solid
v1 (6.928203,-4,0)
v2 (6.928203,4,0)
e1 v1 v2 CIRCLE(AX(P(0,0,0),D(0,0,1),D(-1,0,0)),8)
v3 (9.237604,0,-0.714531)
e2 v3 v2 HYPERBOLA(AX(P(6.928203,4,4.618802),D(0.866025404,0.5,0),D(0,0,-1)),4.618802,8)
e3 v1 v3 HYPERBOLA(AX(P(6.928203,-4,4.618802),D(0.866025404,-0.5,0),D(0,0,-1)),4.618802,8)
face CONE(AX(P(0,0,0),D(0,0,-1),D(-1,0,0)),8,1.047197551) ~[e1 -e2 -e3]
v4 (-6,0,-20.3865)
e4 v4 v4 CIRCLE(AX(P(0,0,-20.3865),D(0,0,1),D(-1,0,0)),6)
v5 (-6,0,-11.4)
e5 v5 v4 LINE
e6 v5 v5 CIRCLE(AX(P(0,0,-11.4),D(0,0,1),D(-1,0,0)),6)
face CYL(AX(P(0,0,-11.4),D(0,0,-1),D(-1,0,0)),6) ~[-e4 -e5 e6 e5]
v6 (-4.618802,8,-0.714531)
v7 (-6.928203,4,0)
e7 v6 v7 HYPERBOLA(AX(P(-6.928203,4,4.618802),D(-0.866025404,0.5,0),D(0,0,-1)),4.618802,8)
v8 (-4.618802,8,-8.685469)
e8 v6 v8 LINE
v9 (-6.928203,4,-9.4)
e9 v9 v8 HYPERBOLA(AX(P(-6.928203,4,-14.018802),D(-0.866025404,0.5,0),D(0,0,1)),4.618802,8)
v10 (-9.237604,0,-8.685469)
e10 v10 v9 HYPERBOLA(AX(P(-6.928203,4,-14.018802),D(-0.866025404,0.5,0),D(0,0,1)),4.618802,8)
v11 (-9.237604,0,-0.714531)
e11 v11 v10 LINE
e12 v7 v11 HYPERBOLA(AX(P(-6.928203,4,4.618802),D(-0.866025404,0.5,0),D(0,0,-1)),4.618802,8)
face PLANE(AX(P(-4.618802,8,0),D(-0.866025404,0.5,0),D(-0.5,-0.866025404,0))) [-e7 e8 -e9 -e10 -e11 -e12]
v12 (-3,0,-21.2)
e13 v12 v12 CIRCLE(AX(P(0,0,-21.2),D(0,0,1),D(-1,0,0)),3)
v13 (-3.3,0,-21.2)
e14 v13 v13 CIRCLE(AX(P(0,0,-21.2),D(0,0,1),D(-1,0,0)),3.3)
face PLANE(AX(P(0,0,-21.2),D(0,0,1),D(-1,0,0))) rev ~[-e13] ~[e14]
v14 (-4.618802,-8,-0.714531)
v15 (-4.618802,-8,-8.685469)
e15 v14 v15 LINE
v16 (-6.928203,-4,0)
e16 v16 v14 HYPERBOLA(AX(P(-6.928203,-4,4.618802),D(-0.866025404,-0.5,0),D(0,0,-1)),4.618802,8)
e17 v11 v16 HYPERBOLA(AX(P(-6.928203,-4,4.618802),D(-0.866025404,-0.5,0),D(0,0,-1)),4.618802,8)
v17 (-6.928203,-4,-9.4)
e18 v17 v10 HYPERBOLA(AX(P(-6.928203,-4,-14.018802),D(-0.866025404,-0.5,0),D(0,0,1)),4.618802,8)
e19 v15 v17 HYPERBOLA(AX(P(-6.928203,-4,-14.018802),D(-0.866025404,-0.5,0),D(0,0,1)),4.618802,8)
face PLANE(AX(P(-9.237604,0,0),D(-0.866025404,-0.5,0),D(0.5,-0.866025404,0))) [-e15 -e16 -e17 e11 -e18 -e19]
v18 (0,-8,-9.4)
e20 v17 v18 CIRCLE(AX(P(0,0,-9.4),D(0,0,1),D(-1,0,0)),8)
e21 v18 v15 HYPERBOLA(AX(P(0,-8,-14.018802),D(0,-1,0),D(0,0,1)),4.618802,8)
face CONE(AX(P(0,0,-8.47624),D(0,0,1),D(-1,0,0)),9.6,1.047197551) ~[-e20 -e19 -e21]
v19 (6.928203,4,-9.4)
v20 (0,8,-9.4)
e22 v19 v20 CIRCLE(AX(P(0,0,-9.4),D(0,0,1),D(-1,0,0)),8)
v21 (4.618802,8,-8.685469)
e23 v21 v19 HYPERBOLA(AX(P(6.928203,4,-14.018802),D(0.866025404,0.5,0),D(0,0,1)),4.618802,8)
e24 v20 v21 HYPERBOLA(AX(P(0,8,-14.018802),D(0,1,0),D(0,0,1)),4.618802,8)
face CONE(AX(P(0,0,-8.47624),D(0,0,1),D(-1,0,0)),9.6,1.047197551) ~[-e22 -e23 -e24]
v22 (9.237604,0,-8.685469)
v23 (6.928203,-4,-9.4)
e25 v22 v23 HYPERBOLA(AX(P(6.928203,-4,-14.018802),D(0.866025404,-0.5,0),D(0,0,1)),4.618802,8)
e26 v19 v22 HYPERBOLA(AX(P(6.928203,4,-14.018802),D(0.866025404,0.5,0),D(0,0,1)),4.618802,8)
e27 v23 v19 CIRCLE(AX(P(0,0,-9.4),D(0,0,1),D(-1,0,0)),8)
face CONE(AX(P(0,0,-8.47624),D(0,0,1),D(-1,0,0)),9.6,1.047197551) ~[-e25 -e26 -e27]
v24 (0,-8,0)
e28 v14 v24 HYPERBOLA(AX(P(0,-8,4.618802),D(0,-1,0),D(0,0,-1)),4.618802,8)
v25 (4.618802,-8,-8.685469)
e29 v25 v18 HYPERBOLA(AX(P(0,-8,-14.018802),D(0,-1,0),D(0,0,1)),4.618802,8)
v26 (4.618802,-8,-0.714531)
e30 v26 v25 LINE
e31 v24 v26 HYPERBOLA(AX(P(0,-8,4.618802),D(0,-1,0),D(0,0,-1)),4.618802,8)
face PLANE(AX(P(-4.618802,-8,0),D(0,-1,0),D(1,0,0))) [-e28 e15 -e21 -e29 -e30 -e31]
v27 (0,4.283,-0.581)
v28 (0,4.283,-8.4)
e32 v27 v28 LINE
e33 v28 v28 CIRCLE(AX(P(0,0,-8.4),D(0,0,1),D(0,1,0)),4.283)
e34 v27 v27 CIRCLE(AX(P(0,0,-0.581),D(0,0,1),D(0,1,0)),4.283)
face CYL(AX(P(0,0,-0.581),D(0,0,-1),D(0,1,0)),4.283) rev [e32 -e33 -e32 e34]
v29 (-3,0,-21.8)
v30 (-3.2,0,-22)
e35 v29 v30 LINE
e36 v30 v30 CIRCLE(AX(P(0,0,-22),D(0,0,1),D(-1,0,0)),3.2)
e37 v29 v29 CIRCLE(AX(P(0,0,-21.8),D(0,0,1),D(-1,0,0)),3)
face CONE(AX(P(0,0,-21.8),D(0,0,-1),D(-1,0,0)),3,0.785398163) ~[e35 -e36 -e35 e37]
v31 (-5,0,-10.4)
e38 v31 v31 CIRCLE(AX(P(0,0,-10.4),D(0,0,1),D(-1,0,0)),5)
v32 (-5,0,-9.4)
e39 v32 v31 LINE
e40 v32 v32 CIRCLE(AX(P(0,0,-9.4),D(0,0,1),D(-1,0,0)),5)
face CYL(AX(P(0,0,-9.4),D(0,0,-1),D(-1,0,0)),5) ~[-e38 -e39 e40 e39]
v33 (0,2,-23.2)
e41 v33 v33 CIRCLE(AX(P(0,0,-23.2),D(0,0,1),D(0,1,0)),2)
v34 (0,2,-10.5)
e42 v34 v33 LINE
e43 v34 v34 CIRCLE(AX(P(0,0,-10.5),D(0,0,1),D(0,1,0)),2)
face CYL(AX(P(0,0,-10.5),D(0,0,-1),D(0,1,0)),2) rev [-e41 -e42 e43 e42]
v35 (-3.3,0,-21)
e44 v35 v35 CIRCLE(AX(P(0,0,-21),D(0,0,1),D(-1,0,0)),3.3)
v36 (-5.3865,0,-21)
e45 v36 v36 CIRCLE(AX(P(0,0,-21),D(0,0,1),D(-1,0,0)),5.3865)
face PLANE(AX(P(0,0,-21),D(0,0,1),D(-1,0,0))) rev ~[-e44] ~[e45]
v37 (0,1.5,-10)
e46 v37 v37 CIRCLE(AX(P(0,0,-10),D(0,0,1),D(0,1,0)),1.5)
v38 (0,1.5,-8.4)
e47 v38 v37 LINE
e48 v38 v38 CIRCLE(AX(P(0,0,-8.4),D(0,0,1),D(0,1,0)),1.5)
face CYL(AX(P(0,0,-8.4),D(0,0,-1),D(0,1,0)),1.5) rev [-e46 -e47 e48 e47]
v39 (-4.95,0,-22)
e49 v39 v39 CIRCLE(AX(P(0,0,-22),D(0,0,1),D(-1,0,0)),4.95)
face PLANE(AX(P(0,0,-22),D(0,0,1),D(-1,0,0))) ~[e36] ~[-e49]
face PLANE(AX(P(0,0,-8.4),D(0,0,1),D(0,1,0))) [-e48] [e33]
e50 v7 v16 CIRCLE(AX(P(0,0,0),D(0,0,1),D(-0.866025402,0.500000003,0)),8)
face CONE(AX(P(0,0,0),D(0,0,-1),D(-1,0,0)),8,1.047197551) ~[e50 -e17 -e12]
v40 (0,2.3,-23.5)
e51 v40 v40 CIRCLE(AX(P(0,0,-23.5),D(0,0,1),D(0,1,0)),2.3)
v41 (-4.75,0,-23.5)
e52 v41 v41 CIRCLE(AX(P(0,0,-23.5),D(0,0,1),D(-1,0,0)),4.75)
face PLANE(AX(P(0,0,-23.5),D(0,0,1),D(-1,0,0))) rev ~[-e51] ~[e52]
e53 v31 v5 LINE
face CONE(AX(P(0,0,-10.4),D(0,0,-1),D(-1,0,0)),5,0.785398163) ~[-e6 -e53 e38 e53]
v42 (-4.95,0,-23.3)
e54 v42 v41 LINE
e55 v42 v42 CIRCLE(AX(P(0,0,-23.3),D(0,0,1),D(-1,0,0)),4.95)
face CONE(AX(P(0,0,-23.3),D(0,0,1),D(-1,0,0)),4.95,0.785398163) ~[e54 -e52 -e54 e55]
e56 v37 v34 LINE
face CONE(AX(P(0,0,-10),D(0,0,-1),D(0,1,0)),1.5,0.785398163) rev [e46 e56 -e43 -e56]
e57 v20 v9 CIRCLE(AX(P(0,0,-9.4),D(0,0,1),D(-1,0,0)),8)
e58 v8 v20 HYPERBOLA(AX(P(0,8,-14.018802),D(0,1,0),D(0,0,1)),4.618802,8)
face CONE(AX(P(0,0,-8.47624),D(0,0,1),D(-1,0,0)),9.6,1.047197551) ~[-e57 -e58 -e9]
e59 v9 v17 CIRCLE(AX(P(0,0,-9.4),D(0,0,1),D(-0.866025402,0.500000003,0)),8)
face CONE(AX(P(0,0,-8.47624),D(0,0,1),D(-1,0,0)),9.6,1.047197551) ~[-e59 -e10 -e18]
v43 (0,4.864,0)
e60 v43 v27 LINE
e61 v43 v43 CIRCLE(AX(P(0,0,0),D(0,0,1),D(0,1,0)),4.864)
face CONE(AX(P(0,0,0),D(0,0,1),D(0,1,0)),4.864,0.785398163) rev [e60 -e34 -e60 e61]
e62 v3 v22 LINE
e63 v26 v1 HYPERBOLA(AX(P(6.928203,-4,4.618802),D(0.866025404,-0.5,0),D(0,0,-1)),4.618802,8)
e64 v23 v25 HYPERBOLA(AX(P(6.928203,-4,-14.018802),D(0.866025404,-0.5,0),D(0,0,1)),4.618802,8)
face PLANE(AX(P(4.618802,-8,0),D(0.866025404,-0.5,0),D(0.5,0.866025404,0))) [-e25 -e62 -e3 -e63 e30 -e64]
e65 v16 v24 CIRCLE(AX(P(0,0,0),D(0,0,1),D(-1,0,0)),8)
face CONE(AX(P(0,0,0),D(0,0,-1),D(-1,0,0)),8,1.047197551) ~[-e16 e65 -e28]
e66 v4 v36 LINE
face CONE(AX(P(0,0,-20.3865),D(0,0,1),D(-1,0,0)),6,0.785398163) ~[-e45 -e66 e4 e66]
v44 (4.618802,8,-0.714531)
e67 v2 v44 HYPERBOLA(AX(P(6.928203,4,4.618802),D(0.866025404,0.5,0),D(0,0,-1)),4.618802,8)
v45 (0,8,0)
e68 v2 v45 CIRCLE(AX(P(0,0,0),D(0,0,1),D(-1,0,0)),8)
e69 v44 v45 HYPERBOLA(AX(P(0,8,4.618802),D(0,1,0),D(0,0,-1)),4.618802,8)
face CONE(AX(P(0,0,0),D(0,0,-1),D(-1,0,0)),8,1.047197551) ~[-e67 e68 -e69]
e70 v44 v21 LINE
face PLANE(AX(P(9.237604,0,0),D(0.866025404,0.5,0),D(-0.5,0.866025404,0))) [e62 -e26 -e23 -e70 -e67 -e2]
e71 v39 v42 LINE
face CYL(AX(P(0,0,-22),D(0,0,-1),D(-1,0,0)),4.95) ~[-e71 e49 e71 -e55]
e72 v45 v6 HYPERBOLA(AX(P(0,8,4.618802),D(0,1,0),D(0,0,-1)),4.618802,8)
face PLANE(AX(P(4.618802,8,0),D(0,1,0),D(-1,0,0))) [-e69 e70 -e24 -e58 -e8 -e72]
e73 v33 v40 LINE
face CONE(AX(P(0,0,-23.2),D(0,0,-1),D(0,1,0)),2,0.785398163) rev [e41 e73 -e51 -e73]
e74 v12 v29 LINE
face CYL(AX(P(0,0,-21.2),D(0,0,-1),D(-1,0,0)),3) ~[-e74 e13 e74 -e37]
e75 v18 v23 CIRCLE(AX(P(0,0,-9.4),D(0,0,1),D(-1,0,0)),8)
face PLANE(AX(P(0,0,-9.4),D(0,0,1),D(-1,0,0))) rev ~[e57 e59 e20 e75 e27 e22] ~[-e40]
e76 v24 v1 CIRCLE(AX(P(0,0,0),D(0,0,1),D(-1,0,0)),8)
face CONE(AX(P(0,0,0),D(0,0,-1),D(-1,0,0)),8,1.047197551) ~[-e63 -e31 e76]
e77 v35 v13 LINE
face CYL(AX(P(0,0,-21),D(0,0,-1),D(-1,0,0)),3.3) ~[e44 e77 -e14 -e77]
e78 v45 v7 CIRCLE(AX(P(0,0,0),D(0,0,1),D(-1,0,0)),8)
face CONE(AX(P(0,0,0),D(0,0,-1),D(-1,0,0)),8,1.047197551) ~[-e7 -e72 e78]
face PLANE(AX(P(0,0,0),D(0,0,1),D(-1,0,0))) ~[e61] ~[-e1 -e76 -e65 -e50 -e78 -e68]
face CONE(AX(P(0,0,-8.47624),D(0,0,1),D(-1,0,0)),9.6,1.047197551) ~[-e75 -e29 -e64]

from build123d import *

# Parameters (mm, degrees)
SKETCH2_W          = 32
SKETCH2_H          = 32
CUT_EXTRUDE1_DEPTH = 9.4


with BuildPart() as part:
    # Sketch1 → Revolve1 (revolve)
    with BuildSketch(Plane(origin=(0, 0, 0), x_dir=(1, 0, 0), z_dir=(0, 1, 0))):
        Polygon((0, 0), (-8, 0), (-9.6, 0.923760431), (-9.6, 8.476239569), (-8, 9.4), (-5, 9.4), (-5, 10.4), (-6, 11.4), (-6, 20.3865), (-5.3865, 21), (-3.3, 21), (-3.3, 21.2), (-3, 21.2), (-3, 21.8), (-3.2, 22), (-4.95, 22), (-4.95, 23.3), (-4.75, 23.5), (0, 23.5), align=None)
    revolve(axis=Axis((0, 0, -23.5), (0, 0, 1)))

    # Sketch2 → Cut-Extrude1 (cut)
    with BuildSketch(Plane.XY):
        Rectangle(SKETCH2_W, SKETCH2_H)
        Polygon((-9.237604307, 0), (-4.618802154, -8), (4.618802154, -8), (9.237604307, 0), (4.618802154, 8), (-4.618802154, 8), align=None, mode=Mode.SUBTRACT)
    extrude(amount=-CUT_EXTRUDE1_DEPTH, mode=Mode.SUBTRACT)

    # Sketch3 → Cut-Revolve1 (revolve, cut)
    with BuildSketch(Plane(origin=(0, 0, 0), x_dir=(0, 0, -1), z_dir=(1, 0, 0))):
        Polygon((0, 0), (0, 4.864), (0.581, 4.283), (8.4, 4.283), (8.4, 1.5), (10, 1.5), (10.5, 2), (23.2, 2), (23.5, 2.3), (23.5, 0), align=None)
    revolve(axis=Axis((0, 0, -23.5), (0, 0, 1)), mode=Mode.SUBTRACT)


solid = part.part
